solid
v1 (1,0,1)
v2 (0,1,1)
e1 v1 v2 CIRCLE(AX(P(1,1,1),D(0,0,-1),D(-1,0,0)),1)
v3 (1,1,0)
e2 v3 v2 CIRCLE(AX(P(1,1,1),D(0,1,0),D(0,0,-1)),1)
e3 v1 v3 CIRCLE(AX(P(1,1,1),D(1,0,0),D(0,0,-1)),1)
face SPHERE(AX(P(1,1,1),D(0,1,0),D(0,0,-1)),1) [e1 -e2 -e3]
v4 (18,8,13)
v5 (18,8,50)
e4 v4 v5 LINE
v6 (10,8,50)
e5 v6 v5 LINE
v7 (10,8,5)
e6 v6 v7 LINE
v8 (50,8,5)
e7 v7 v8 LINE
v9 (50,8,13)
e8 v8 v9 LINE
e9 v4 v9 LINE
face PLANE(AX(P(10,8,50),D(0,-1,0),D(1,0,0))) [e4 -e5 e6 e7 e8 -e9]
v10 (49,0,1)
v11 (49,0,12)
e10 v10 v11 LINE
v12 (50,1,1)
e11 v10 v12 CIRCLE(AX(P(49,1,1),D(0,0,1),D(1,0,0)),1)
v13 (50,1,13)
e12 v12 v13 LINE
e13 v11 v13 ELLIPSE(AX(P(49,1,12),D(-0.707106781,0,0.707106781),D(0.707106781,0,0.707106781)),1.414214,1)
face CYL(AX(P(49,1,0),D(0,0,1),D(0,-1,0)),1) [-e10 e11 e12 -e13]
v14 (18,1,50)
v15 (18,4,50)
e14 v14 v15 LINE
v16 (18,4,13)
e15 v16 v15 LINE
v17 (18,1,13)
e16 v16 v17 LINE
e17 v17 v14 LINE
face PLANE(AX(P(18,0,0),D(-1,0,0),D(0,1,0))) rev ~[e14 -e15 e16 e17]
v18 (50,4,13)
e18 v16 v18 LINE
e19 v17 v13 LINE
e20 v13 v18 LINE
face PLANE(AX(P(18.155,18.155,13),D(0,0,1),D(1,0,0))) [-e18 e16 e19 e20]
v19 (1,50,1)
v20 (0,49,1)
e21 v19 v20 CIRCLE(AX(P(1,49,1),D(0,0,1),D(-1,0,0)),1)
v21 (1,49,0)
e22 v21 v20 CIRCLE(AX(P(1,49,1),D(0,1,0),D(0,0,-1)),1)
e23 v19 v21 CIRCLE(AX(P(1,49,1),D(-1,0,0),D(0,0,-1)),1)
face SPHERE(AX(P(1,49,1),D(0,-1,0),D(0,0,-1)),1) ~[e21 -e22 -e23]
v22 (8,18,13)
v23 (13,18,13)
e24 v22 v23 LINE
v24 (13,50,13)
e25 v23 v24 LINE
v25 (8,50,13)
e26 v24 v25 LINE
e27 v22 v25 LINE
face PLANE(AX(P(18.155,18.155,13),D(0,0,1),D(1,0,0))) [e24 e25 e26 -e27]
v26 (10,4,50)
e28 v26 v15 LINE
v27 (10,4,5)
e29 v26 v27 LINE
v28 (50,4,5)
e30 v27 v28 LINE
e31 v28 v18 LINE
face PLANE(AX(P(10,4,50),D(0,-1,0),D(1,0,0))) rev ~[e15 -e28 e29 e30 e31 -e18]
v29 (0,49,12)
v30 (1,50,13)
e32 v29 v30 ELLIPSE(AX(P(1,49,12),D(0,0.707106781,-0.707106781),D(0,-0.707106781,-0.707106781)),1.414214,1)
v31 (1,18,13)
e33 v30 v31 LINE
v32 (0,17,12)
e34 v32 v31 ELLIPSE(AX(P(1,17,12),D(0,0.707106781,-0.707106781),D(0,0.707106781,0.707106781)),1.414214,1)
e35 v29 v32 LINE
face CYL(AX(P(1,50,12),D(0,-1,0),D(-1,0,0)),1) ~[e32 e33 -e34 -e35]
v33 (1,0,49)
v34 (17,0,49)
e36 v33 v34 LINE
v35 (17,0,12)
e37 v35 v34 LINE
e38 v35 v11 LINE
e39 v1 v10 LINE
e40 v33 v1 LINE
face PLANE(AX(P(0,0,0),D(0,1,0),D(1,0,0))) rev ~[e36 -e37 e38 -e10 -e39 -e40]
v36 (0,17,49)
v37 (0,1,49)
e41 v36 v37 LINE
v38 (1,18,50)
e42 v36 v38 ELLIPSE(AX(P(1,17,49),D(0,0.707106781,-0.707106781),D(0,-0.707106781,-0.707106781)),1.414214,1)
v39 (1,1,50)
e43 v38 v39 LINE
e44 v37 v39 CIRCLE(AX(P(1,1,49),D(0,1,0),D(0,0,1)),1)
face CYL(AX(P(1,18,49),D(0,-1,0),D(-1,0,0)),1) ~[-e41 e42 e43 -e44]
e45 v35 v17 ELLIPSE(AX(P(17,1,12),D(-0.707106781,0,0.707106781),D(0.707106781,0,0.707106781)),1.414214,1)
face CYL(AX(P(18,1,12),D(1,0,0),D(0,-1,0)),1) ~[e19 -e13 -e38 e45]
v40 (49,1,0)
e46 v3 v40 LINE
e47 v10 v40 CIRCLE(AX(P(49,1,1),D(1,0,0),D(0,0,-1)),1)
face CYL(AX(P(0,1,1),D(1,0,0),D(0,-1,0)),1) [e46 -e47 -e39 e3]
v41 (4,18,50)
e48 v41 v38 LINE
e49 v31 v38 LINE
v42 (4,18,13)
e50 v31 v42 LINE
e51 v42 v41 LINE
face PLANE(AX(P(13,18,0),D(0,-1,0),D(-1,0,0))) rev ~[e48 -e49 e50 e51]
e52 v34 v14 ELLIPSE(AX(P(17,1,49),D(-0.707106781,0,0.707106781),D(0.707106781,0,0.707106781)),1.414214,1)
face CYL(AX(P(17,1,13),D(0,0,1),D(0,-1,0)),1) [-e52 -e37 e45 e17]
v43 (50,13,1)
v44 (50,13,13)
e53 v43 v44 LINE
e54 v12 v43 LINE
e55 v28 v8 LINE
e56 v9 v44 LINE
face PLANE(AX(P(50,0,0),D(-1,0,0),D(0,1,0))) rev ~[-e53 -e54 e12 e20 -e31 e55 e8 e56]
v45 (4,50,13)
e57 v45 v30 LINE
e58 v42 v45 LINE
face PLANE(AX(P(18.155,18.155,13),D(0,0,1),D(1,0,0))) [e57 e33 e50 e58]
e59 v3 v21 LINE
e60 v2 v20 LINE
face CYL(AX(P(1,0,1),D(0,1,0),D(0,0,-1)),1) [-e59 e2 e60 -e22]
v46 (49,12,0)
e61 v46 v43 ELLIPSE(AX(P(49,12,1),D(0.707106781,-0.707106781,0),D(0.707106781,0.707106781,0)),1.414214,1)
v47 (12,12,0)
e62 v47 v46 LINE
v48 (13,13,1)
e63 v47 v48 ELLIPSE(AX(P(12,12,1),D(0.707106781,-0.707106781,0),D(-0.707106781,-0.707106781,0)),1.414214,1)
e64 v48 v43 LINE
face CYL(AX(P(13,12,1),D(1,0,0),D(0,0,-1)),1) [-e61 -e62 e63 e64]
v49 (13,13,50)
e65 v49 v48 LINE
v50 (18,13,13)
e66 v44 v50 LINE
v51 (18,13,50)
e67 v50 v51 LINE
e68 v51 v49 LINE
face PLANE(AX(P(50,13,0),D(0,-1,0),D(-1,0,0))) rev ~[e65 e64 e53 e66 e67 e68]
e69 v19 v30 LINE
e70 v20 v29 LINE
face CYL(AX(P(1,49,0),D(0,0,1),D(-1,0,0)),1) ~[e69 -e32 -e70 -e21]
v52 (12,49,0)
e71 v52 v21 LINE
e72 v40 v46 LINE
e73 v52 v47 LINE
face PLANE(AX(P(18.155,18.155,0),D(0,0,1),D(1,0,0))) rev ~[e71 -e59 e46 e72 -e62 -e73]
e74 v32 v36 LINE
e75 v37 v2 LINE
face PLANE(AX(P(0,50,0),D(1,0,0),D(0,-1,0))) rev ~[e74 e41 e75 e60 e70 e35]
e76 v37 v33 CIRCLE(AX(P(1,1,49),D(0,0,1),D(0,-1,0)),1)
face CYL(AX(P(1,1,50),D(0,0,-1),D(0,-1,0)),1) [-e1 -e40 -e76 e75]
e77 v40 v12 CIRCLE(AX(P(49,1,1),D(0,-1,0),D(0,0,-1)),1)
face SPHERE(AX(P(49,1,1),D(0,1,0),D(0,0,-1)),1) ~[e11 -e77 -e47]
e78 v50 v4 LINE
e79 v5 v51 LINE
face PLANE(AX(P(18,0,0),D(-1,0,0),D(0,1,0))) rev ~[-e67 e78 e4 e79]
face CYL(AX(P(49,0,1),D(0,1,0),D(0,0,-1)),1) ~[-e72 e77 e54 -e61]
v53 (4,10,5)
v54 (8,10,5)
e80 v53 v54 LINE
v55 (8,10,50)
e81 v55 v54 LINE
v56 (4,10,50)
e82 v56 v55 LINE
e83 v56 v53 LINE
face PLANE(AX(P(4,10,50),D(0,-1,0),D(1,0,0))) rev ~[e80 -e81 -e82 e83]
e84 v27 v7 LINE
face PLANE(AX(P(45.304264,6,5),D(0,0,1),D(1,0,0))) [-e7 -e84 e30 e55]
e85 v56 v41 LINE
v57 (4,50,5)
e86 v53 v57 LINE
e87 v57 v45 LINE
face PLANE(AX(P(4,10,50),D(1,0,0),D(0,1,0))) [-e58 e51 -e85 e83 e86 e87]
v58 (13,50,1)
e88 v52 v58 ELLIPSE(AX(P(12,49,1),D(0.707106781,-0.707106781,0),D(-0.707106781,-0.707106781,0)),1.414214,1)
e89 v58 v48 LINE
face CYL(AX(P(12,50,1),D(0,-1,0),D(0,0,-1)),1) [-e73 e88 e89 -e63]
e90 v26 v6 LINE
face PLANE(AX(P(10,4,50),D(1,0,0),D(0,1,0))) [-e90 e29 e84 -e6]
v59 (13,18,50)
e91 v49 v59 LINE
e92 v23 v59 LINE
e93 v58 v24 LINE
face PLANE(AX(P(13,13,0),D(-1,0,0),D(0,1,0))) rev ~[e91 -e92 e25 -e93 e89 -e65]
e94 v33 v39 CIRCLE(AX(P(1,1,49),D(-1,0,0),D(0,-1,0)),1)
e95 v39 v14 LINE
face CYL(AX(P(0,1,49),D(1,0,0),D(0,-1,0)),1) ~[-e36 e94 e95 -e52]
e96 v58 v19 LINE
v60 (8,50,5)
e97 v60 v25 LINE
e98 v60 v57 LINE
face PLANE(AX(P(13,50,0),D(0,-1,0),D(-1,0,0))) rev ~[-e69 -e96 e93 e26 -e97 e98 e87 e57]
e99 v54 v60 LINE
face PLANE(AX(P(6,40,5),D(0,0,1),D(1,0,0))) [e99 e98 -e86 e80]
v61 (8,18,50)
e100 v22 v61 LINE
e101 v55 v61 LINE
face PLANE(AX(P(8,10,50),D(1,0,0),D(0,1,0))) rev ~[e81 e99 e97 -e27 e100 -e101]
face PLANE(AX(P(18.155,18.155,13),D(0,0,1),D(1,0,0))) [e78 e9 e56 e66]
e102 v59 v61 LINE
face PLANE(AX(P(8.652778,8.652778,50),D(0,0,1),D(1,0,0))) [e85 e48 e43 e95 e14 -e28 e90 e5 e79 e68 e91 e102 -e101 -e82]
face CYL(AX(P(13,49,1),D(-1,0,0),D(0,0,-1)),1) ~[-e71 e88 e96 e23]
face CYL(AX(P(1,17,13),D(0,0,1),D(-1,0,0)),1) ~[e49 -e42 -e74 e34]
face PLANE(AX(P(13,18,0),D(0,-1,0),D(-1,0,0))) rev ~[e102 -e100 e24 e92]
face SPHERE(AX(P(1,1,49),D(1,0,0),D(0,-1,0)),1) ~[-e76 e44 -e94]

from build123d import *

# Parameters (mm, degrees)
PAD_DEPTH     = 13
PAD001_DEPTH  = 50
SKETCH002_W   = 70.608528
SKETCH002_H   = 4
SKETCH002_W_2 = 4
SKETCH002_H_2 = 60
POCKET_DEPTH  = 45
FILLET_R      = 1


with BuildPart() as part:
    # Sketch → Pad (new body)
    with BuildSketch(Plane.XY):
        Polygon((0, 0), (50, 0), (50, 13), (13, 13), (13, 50), (0, 50), align=None)
    extrude(amount=PAD_DEPTH)

    # Sketch001 → Pad001 (join)
    with BuildSketch(Plane.XY):
        Polygon((0, 0), (18, 0), (18, 13), (13, 13), (13, 18), (0, 18), align=None)
    extrude(amount=PAD001_DEPTH)

    # Sketch002 (on DatumPlane) → Pocket (cut)
    with BuildSketch(Plane.XY.offset(50)):
        with Locations((45.304264, 6)):
            Rectangle(SKETCH002_W, SKETCH002_H)
        with Locations((6, 40)):
            Rectangle(SKETCH002_W_2, SKETCH002_H_2)
    extrude(amount=-POCKET_DEPTH, mode=Mode.SUBTRACT)

    # Fillet
    fillet_edges = [part.edges().sort_by_distance(p)[0] for p in [
        (0, 25, 0),
        (6.5, 50, 0),
        (13, 31.5, 0),
        (31.5, 13, 0),
        (50, 6.5, 0),
        (25, 0, 0),
        (50, 0, 6.5),
        (34, 0, 13),
        (18, 0, 31.5),
        (9, 0, 50),
        (0, 0, 25),
        (0, 9, 50),
        (0, 18, 31.5),
        (0, 34, 13),
        (0, 50, 6.5),
    ]]
    fillet(fillet_edges, radius=FILLET_R)


solid = part.part
